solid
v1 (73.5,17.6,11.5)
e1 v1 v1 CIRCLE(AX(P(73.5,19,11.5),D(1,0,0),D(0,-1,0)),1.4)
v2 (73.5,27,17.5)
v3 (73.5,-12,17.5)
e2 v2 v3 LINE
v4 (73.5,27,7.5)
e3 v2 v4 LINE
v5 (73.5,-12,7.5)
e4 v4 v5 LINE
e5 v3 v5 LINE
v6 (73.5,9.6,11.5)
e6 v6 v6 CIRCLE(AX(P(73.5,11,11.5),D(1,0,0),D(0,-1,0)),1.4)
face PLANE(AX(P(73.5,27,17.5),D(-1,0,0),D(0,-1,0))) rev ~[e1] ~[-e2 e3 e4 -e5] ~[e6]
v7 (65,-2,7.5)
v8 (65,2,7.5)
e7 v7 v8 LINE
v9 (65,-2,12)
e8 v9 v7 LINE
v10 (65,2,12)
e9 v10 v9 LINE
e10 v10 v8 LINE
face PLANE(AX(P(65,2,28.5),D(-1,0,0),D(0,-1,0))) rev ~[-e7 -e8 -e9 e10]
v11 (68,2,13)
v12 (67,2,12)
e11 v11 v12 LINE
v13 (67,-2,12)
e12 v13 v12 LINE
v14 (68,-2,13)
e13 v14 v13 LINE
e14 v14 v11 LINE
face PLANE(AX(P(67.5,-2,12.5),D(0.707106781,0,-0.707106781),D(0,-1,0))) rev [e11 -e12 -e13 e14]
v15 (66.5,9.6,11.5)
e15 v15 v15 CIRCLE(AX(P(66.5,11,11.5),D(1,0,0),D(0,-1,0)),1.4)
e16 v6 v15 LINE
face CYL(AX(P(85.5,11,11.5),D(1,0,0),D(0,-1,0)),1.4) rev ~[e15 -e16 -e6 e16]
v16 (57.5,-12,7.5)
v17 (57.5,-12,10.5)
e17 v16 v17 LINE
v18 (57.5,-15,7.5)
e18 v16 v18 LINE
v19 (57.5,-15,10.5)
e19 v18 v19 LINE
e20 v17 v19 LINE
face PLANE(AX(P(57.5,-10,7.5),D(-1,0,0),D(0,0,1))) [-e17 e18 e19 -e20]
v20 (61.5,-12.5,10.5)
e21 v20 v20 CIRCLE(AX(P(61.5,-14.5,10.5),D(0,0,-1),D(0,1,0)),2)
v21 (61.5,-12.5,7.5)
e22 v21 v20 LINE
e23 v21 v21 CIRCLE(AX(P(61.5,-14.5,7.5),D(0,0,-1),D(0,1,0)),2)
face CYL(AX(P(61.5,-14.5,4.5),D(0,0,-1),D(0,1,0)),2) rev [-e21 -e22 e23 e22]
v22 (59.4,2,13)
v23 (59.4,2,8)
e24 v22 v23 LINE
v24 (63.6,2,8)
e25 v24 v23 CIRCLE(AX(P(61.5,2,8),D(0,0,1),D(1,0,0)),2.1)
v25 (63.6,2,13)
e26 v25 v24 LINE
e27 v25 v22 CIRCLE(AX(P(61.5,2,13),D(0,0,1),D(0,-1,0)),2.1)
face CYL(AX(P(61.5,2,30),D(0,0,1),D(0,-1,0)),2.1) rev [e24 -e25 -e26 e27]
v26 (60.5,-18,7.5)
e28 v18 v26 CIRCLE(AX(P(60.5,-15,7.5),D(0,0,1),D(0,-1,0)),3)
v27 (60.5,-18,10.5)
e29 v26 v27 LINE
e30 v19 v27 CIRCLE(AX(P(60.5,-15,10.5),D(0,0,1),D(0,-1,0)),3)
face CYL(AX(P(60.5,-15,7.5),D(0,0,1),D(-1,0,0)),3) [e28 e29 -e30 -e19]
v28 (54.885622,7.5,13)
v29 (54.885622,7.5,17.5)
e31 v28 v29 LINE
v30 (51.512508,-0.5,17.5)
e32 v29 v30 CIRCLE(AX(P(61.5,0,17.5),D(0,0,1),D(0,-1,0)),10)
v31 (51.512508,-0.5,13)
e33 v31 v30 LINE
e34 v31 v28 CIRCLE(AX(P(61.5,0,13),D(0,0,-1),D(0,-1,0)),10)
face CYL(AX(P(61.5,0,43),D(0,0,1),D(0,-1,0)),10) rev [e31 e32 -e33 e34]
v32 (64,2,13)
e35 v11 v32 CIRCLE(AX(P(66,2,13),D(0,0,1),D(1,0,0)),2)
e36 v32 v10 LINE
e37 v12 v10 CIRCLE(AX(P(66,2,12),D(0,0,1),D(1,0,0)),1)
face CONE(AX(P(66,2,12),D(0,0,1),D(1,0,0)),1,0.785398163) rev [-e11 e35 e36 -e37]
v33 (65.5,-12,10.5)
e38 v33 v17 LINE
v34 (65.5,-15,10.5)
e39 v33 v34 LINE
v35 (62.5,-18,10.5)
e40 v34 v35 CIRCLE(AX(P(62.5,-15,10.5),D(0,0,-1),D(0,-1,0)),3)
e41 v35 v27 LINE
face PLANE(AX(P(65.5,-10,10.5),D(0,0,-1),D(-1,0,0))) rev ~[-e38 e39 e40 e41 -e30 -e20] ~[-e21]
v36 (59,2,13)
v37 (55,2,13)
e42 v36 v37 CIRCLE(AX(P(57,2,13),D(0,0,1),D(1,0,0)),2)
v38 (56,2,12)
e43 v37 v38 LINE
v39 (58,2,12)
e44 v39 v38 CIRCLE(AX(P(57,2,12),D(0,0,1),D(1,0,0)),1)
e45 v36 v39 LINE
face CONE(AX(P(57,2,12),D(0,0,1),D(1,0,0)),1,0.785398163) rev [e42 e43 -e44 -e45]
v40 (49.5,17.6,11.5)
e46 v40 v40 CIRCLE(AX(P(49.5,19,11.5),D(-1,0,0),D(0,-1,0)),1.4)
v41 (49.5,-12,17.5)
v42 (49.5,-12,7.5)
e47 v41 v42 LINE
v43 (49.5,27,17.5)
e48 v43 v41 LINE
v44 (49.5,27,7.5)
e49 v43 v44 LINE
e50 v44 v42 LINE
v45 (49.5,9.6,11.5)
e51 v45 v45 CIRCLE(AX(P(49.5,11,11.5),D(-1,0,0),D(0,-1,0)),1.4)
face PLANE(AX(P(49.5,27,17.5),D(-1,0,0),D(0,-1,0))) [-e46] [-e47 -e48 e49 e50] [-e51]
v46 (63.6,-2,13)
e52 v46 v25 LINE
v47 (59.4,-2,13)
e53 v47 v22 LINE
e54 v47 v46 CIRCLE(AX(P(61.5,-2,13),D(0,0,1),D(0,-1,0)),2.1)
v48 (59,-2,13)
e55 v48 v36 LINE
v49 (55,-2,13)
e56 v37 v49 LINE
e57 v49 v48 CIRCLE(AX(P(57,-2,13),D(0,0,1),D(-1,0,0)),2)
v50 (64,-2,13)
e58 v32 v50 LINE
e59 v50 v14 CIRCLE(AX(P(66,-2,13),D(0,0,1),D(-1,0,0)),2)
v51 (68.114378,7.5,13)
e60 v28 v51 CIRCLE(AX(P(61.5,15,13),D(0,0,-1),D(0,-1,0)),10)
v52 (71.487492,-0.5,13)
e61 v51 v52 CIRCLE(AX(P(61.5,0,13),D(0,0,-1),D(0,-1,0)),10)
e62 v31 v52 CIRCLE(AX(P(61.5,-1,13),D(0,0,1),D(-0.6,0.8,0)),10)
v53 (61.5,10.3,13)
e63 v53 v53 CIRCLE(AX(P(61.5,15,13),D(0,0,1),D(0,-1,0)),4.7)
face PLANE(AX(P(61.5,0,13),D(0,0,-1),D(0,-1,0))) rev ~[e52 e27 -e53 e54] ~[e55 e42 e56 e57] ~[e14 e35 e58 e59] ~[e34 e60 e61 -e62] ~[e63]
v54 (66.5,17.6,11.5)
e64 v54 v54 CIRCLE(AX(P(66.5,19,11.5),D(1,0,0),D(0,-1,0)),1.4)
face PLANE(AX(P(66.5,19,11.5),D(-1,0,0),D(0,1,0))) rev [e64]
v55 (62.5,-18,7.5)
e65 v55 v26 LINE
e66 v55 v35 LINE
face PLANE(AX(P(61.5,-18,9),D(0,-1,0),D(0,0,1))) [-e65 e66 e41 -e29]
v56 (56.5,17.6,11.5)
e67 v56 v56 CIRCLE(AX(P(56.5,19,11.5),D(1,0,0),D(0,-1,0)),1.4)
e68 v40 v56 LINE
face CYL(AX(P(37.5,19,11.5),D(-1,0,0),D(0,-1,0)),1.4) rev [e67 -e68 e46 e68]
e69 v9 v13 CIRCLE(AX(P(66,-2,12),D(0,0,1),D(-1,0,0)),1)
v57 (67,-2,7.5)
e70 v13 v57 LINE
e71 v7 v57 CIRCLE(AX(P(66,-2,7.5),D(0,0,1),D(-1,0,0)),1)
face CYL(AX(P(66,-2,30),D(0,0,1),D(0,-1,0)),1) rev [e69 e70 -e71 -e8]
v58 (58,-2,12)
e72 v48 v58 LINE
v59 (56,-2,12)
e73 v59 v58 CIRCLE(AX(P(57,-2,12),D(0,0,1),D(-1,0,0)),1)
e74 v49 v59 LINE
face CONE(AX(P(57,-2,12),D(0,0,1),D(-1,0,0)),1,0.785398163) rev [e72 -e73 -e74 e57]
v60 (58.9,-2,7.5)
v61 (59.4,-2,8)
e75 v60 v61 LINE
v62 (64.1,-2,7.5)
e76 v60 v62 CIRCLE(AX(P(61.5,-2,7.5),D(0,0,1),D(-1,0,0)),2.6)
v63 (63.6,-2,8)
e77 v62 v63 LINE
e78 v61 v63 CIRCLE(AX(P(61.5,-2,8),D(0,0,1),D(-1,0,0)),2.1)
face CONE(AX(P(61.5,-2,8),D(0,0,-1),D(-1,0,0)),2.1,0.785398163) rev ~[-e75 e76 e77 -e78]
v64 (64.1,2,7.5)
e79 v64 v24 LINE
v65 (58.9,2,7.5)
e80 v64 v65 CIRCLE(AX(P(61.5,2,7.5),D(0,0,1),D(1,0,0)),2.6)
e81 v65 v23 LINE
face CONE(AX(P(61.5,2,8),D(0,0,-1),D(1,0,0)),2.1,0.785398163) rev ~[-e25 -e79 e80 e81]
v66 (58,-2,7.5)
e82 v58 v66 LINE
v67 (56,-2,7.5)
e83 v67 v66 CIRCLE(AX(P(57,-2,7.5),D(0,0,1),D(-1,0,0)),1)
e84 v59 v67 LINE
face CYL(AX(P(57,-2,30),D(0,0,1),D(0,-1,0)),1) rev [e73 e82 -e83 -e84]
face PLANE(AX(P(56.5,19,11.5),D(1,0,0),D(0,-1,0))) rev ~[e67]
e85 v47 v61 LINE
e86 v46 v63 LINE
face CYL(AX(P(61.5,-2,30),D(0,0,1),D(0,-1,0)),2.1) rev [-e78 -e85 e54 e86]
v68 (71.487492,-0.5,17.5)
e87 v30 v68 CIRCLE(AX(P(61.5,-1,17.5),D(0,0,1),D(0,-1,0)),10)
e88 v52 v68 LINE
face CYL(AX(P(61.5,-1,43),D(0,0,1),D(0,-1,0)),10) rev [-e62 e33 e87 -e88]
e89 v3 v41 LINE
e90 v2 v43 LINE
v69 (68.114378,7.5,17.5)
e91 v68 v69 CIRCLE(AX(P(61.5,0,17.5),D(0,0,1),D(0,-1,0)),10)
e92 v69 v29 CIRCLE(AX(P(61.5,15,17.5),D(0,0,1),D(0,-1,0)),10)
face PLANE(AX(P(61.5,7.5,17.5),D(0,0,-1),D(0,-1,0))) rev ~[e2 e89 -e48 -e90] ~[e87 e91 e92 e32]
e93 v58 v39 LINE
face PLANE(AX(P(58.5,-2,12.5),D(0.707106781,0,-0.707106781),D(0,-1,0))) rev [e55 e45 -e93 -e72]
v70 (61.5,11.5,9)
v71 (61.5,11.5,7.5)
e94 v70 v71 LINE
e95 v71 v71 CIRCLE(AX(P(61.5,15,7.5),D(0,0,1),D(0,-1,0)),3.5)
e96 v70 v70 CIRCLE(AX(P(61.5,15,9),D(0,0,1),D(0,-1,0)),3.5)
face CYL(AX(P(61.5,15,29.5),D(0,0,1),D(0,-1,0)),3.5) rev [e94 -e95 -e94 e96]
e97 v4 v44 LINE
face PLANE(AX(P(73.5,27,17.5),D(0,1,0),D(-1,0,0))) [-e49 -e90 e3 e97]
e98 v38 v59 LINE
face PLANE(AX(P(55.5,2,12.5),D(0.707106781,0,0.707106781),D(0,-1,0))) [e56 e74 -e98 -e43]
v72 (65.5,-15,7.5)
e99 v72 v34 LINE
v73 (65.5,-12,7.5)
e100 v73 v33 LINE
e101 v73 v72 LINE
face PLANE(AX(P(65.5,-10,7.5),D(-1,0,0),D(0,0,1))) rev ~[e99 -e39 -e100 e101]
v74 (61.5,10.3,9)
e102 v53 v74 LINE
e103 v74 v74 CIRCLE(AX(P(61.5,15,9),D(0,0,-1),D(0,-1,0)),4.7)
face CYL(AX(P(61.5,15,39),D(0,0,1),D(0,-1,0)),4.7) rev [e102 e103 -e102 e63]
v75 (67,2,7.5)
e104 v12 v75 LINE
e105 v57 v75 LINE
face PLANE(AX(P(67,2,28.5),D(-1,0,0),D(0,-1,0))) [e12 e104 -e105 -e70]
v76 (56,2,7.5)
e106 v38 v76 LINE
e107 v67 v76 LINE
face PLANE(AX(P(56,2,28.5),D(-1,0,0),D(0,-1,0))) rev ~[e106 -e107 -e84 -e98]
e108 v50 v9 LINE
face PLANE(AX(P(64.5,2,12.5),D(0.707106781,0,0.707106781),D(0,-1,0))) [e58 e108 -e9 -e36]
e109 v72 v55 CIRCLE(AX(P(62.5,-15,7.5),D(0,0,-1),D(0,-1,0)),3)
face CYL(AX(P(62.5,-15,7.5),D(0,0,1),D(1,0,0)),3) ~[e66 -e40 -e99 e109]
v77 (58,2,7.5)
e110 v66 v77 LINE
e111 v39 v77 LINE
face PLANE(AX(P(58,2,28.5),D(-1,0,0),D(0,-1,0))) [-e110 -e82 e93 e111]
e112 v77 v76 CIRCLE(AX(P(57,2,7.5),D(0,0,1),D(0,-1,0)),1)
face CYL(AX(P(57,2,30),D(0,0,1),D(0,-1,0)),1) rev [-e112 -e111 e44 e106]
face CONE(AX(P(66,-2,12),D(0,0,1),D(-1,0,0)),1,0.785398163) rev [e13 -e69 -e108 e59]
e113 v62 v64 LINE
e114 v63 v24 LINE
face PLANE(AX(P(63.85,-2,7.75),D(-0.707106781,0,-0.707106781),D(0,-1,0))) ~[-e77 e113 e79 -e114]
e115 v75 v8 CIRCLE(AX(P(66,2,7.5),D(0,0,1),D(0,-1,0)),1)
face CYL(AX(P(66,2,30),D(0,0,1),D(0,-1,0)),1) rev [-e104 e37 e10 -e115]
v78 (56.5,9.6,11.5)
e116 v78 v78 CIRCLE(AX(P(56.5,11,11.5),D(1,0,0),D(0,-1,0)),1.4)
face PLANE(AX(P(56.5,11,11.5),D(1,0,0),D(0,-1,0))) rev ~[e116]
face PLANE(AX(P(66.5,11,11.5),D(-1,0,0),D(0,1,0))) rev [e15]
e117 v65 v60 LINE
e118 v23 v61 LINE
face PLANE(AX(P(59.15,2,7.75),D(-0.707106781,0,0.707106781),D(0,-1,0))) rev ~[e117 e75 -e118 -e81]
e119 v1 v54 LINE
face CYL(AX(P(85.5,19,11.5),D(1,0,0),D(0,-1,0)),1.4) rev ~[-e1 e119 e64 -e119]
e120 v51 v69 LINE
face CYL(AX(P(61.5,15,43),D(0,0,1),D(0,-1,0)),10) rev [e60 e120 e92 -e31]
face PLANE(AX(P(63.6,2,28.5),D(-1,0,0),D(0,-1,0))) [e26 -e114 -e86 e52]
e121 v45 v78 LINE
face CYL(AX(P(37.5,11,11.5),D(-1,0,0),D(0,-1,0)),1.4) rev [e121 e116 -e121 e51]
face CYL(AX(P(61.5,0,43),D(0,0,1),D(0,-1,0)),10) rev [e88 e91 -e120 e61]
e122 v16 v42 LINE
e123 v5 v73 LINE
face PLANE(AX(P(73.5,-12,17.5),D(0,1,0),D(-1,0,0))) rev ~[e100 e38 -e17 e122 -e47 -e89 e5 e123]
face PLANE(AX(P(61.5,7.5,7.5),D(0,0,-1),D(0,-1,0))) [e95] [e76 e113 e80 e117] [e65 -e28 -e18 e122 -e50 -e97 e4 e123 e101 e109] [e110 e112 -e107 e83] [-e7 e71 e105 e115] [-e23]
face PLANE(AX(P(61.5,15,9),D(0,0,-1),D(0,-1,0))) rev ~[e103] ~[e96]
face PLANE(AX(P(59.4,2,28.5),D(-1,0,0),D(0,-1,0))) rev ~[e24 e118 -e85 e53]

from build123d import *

# Parameters (mm, degrees)
CYLINDER267_R                = 2
CYLINDER267_DEPTH            = 10
CYLINDER267_PITCH_ANGLE      = 90
BOX001027045199_W            = 3
BOX001027045199_H            = 8
BOX001027045199_DEPTH        = 8
FILLET045_R                  = 3
CUT239_PITCH_ANGLE           = 90
CYLINDER103_R                = 1.4
CYLINDER103_DEPTH            = 19
CYLINDER103_ROLL_ANGLE       = 90
CYLINDER105_R                = 1.4
CYLINDER105_DEPTH            = 19
CYLINDER105_ROLL_ANGLE       = 90
CYLINDER106_R                = 1.4
CYLINDER106_DEPTH            = 19
CYLINDER106_ROLL_ANGLE       = 90
CYLINDER027_R                = 1.4
CYLINDER027_DEPTH            = 19
CYLINDER027_ROLL_ANGLE       = 90
CYLINDER098_R                = 1
CYLINDER098_DEPTH            = 30
CYLINDER099_R                = 1
CYLINDER099_DEPTH            = 30
BOX001007_W                  = 4
BOX001007_H                  = 4.2
BOX001007_DEPTH              = 27
CYLINDER097_R                = 2.1
CYLINDER097_DEPTH            = 30
CYLINDER023_R                = 2.1
CYLINDER023_DEPTH            = 30
CYLINDER100_R                = 1
CYLINDER100_DEPTH            = 30
BOX001008_W                  = 4
BOX001008_H                  = 2
BOX001008_DEPTH              = 27
CYLINDER101_R                = 1
CYLINDER101_DEPTH            = 30
BOX001009_W                  = 4
BOX001009_H                  = 2
BOX001009_DEPTH              = 27
CYLINDER093_R                = 3.5
CYLINDER093_DEPTH            = 30
CYLINDER094_R                = 4.7
CYLINDER094_DEPTH            = 30
CYLINDER095_R                = 10
CYLINDER095_DEPTH            = 30
CYLINDER102_R                = 10
CYLINDER102_DEPTH            = 30
CYLINDER096_R                = 10
CYLINDER096_DEPTH            = 30
BOX001006_W                  = 39
BOX001006_H                  = 24
BOX001006_DEPTH              = 10
CHAMFER008_SIZE              = 1
CHAMFER014_SIZE              = 0.5
FUSION112154_ROLL_ANGLE      = 180
FUSION112154_PLACEMENT_ANGLE = -90


with BuildPart() as cylinder285:
    # Cylinder267 → Cylinder267 (new body)
    with BuildSketch(Plane.XY):
        Circle(CYLINDER267_R)
    extrude(amount=CYLINDER267_DEPTH)


with BuildPart() as cylinder285_1:
    # Cylinder267 pitch: moved
    add(cylinder285.part.rotate(Axis((0, 0, 0), (0, 1, 0)), CYLINDER267_PITCH_ANGLE))


with BuildPart() as cylinder285_2:
    # Cylinder267 placement: moved
    add(cylinder285_1.part.moved(Location((-3, 4, 4.5))))


with BuildPart() as cut239:
    # Box001027045199 → Box001027045199 (new body)
    with BuildSketch(Plane.XY):
        with Locations((1.5, 4)):
            Rectangle(BOX001027045199_W, BOX001027045199_H)
    extrude(amount=BOX001027045199_DEPTH)

    # Fillet045
    fillet045_edges = [cut239.edges().sort_by_distance(p)[0] for p in [
        (1.5, 0, 8),
        (1.5, 8, 8),
    ]]
    fillet(fillet045_edges, radius=FILLET045_R)

    # Cut239: cut Cylinder285
    add(cylinder285_2.part, mode=Mode.SUBTRACT)


with BuildPart() as cut239_1:
    # Cut239 pitch: moved
    add(cut239.part.rotate(Axis((0, 0, 0), (0, 1, 0)), CUT239_PITCH_ANGLE))


with BuildPart() as cut239_2:
    # Cut239 placement: moved
    add(cut239_1.part.moved(Location((25, -4, 10))))


with BuildPart() as cylinder103:
    # Cylinder103 → Cylinder103 (new body)
    with BuildSketch(Plane.XY):
        Circle(CYLINDER103_R)
    extrude(amount=CYLINDER103_DEPTH)


with BuildPart() as cylinder103_1:
    # Cylinder103 roll: moved
    add(cylinder103.part.rotate(Axis((0, 0, 0), (1, 0, 0)), CYLINDER103_ROLL_ANGLE))


with BuildPart() as cylinder103_2:
    # Cylinder103 placement: moved
    add(cylinder103_1.part.moved(Location((4, 24, 6))))


with BuildPart() as cylinder105:
    # Cylinder105 → Cylinder105 (new body)
    with BuildSketch(Plane.XY):
        Circle(CYLINDER105_R)
    extrude(amount=CYLINDER105_DEPTH)


with BuildPart() as cylinder105_1:
    # Cylinder105 roll: moved
    add(cylinder105.part.rotate(Axis((0, 0, 0), (1, 0, 0)), CYLINDER105_ROLL_ANGLE))


with BuildPart() as cylinder105_2:
    # Cylinder105 placement: moved
    add(cylinder105_1.part.moved(Location((-4, 24, 6))))


with BuildPart() as part_mirroring011:
    # Part__Mirroring011: instance of Cylinder105
    add(cylinder105_2.part.mirror(Plane(origin=(0, 0, 0), x_dir=(1, 0, 0), z_dir=(0, 1, 0))))


with BuildPart() as cylinder106:
    # Cylinder106 → Cylinder106 (new body)
    with BuildSketch(Plane.XY):
        Circle(CYLINDER106_R)
    extrude(amount=CYLINDER106_DEPTH)


with BuildPart() as cylinder106_1:
    # Cylinder106 roll: moved
    add(cylinder106.part.rotate(Axis((0, 0, 0), (1, 0, 0)), CYLINDER106_ROLL_ANGLE))


with BuildPart() as cylinder106_2:
    # Cylinder106 placement: moved
    add(cylinder106_1.part.moved(Location((4, 24, 6))))


with BuildPart() as part_mirroring012:
    # Part__Mirroring012: instance of Cylinder106
    add(cylinder106_2.part.mirror(Plane(origin=(0, 0, 0), x_dir=(1, 0, 0), z_dir=(0, 1, 0))))


with BuildPart() as m3_tap_a:
    # Cylinder027 → Cylinder027 (new body)
    with BuildSketch(Plane.XY):
        Circle(CYLINDER027_R)
    extrude(amount=CYLINDER027_DEPTH)


with BuildPart() as m3_tap_a_1:
    # Cylinder027 roll: moved
    add(m3_tap_a.part.rotate(Axis((0, 0, 0), (1, 0, 0)), CYLINDER027_ROLL_ANGLE))


with BuildPart() as m3_tap_a_2:
    # Cylinder027 placement: moved
    add(m3_tap_a_1.part.moved(Location((-4, 24, 6))))

    # Fusion062: union Cylinder103, Part__Mirroring011, Part__Mirroring012
    add(cylinder103_2.part)
    add(part_mirroring011.part)
    add(part_mirroring012.part)


with BuildPart() as cylinder109:
    # Cylinder098 → Cylinder098 (new body)
    with BuildSketch(Plane(origin=(17, -4.5, -12.5), x_dir=(1, 0, 0), z_dir=(0, 0, 1))):
        Circle(CYLINDER098_R)
    extrude(amount=CYLINDER098_DEPTH)


with BuildPart() as cylinder110:
    # Cylinder099 → Cylinder099 (new body)
    with BuildSketch(Plane(origin=(17, 4.5, -12.5), x_dir=(1, 0, 0), z_dir=(0, 0, 1))):
        Circle(CYLINDER099_R)
    extrude(amount=CYLINDER099_DEPTH)


with BuildPart() as cube046:
    # Box001007 → Box001007 (new body)
    with BuildSketch(Plane(origin=(13, -2.1, -11), x_dir=(1, 0, 0), z_dir=(0, 0, 1))):
        with Locations((2, 2.1)):
            Rectangle(BOX001007_W, BOX001007_H)
    extrude(amount=BOX001007_DEPTH)


with BuildPart() as cylinder108:
    # Cylinder097 → Cylinder097 (new body)
    with BuildSketch(Plane(origin=(17, 0, -12.5), x_dir=(1, 0, 0), z_dir=(0, 0, 1))):
        Circle(CYLINDER097_R)
    extrude(amount=CYLINDER097_DEPTH)


with BuildPart() as cylinder111:
    # Cylinder023 → Cylinder023 (new body)
    with BuildSketch(Plane(origin=(13, 0, -12.5), x_dir=(1, 0, 0), z_dir=(0, 0, 1))):
        Circle(CYLINDER023_R)
    extrude(amount=CYLINDER023_DEPTH)


with BuildPart() as cylinder112:
    # Cylinder100 → Cylinder100 (new body)
    with BuildSketch(Plane(origin=(13, -4.5, -12.5), x_dir=(1, 0, 0), z_dir=(0, 0, 1))):
        Circle(CYLINDER100_R)
    extrude(amount=CYLINDER100_DEPTH)


with BuildPart() as cube047:
    # Box001008 → Box001008 (new body)
    with BuildSketch(Plane(origin=(13, -5.5, -11), x_dir=(1, 0, 0), z_dir=(0, 0, 1))):
        with Locations((2, 1)):
            Rectangle(BOX001008_W, BOX001008_H)
    extrude(amount=BOX001008_DEPTH)


with BuildPart() as cylinder113:
    # Cylinder101 → Cylinder101 (new body)
    with BuildSketch(Plane(origin=(13, 4.5, -12.5), x_dir=(1, 0, 0), z_dir=(0, 0, 1))):
        Circle(CYLINDER101_R)
    extrude(amount=CYLINDER101_DEPTH)


with BuildPart() as motor_slots:
    # Box001009 → Box001009 (new body)
    with BuildSketch(Plane(origin=(13, 3.5, -11), x_dir=(1, 0, 0), z_dir=(0, 0, 1))):
        with Locations((2, 1)):
            Rectangle(BOX001009_W, BOX001009_H)
    extrude(amount=BOX001009_DEPTH)

    # Fusion058: union Cylinder109, Cylinder110, Cube046, Cylinder108, Cylinder111, Cylinder112, Cube047, Cylinder113
    add(cylinder109.part)
    add(cylinder110.part)
    add(cube046.part)
    add(cylinder108.part)
    add(cylinder111.part)
    add(cylinder112.part)
    add(cube047.part)
    add(cylinder113.part)


with BuildPart() as cylinder104:
    # Cylinder093 → Cylinder093 (new body)
    with BuildSketch(Plane.XY.offset(-12)):
        Circle(CYLINDER093_R)
    extrude(amount=CYLINDER093_DEPTH)


with BuildPart() as cylinder094:
    # Cylinder094 → Cylinder094 (new body)
    with BuildSketch(Plane.XY.offset(-21.5)):
        Circle(CYLINDER094_R)
    extrude(amount=CYLINDER094_DEPTH)


with BuildPart() as cylinder095:
    # Cylinder095 → Cylinder095 (new body)
    with BuildSketch(Plane.XY.offset(-25.5)):
        Circle(CYLINDER095_R)
    extrude(amount=CYLINDER095_DEPTH)


with BuildPart() as cylinder114:
    # Cylinder102 → Cylinder102 (new body)
    with BuildSketch(Plane(origin=(15, 0, -25.5), x_dir=(1, 0, 0), z_dir=(0, 0, 1))):
        Circle(CYLINDER102_R)
    extrude(amount=CYLINDER102_DEPTH)


with BuildPart() as fusion060:
    # Cylinder096 → Cylinder096 (new body)
    with BuildSketch(Plane(origin=(16, 0, -25.5), x_dir=(1, 0, 0), z_dir=(0, 0, 1))):
        Circle(CYLINDER096_R)
    extrude(amount=CYLINDER096_DEPTH)

    # Fusion059: union Cylinder104, Cylinder094, Cylinder095, Cylinder114
    add(cylinder104.part)
    add(cylinder094.part)
    add(cylinder095.part)
    add(cylinder114.part)

    # Fusion060: union motor-slots
    add(motor_slots.part)


with BuildPart() as gearbox001:
    # Box001006 → Box001006 (new body)
    with BuildSketch(Plane(origin=(-12, -12, 0), x_dir=(1, 0, 0), z_dir=(0, 0, 1))):
        with Locations((19.5, 12)):
            Rectangle(BOX001006_W, BOX001006_H)
    extrude(amount=BOX001006_DEPTH)

    # Cut005: cut Fusion060
    add(fusion060.part, mode=Mode.SUBTRACT)

    # Chamfer008
    chamfer008_edges = [gearbox001.edges().sort_by_distance(p)[0] for p in [
        (12, 4.5, 4.5),
        (15, 3.5, 4.5),
        (17.707107, 3.792893, 4.5),
        (17.707107, 5.207107, 4.5),
        (15, 5.5, 4.5),
        (17.707107, -5.207107, 4.5),
        (17.707107, -3.792893, 4.5),
        (15, -3.5, 4.5),
        (12, -4.5, 4.5),
        (15, -5.5, 4.5),
    ]]
    chamfer(chamfer008_edges, length=CHAMFER008_SIZE)

    # Cut045: cut M3-tap-a
    add(m3_tap_a_2.part, mode=Mode.SUBTRACT)

    # Chamfer014
    chamfer014_edges = [gearbox001.edges().sort_by_distance(p)[0] for p in [
        (18.484924, 1.484924, 10),
        (15, 2.1, 10),
        (10.9, 0, 10),
        (15, -2.1, 10),
        (18.484924, -1.484924, 10),
    ]]
    chamfer(chamfer014_edges, length=CHAMFER014_SIZE)

    # Fusion112154: union Cut239
    add(cut239_2.part)


with BuildPart() as gearbox001_1:
    # Fusion112154 roll: moved
    add(gearbox001.part.rotate(Axis((0, 0, 0), (1, 0, 0)), FUSION112154_ROLL_ANGLE))


with BuildPart() as gearbox001_2:
    # Fusion112154 placement: moved
    add(gearbox001_1.part.moved(Location((61.5, 15, 17.5))).rotate(Axis((61.5, 15, 17.5), (0, 0, 1)), FUSION112154_PLACEMENT_ANGLE))


solid = gearbox001_2.part
